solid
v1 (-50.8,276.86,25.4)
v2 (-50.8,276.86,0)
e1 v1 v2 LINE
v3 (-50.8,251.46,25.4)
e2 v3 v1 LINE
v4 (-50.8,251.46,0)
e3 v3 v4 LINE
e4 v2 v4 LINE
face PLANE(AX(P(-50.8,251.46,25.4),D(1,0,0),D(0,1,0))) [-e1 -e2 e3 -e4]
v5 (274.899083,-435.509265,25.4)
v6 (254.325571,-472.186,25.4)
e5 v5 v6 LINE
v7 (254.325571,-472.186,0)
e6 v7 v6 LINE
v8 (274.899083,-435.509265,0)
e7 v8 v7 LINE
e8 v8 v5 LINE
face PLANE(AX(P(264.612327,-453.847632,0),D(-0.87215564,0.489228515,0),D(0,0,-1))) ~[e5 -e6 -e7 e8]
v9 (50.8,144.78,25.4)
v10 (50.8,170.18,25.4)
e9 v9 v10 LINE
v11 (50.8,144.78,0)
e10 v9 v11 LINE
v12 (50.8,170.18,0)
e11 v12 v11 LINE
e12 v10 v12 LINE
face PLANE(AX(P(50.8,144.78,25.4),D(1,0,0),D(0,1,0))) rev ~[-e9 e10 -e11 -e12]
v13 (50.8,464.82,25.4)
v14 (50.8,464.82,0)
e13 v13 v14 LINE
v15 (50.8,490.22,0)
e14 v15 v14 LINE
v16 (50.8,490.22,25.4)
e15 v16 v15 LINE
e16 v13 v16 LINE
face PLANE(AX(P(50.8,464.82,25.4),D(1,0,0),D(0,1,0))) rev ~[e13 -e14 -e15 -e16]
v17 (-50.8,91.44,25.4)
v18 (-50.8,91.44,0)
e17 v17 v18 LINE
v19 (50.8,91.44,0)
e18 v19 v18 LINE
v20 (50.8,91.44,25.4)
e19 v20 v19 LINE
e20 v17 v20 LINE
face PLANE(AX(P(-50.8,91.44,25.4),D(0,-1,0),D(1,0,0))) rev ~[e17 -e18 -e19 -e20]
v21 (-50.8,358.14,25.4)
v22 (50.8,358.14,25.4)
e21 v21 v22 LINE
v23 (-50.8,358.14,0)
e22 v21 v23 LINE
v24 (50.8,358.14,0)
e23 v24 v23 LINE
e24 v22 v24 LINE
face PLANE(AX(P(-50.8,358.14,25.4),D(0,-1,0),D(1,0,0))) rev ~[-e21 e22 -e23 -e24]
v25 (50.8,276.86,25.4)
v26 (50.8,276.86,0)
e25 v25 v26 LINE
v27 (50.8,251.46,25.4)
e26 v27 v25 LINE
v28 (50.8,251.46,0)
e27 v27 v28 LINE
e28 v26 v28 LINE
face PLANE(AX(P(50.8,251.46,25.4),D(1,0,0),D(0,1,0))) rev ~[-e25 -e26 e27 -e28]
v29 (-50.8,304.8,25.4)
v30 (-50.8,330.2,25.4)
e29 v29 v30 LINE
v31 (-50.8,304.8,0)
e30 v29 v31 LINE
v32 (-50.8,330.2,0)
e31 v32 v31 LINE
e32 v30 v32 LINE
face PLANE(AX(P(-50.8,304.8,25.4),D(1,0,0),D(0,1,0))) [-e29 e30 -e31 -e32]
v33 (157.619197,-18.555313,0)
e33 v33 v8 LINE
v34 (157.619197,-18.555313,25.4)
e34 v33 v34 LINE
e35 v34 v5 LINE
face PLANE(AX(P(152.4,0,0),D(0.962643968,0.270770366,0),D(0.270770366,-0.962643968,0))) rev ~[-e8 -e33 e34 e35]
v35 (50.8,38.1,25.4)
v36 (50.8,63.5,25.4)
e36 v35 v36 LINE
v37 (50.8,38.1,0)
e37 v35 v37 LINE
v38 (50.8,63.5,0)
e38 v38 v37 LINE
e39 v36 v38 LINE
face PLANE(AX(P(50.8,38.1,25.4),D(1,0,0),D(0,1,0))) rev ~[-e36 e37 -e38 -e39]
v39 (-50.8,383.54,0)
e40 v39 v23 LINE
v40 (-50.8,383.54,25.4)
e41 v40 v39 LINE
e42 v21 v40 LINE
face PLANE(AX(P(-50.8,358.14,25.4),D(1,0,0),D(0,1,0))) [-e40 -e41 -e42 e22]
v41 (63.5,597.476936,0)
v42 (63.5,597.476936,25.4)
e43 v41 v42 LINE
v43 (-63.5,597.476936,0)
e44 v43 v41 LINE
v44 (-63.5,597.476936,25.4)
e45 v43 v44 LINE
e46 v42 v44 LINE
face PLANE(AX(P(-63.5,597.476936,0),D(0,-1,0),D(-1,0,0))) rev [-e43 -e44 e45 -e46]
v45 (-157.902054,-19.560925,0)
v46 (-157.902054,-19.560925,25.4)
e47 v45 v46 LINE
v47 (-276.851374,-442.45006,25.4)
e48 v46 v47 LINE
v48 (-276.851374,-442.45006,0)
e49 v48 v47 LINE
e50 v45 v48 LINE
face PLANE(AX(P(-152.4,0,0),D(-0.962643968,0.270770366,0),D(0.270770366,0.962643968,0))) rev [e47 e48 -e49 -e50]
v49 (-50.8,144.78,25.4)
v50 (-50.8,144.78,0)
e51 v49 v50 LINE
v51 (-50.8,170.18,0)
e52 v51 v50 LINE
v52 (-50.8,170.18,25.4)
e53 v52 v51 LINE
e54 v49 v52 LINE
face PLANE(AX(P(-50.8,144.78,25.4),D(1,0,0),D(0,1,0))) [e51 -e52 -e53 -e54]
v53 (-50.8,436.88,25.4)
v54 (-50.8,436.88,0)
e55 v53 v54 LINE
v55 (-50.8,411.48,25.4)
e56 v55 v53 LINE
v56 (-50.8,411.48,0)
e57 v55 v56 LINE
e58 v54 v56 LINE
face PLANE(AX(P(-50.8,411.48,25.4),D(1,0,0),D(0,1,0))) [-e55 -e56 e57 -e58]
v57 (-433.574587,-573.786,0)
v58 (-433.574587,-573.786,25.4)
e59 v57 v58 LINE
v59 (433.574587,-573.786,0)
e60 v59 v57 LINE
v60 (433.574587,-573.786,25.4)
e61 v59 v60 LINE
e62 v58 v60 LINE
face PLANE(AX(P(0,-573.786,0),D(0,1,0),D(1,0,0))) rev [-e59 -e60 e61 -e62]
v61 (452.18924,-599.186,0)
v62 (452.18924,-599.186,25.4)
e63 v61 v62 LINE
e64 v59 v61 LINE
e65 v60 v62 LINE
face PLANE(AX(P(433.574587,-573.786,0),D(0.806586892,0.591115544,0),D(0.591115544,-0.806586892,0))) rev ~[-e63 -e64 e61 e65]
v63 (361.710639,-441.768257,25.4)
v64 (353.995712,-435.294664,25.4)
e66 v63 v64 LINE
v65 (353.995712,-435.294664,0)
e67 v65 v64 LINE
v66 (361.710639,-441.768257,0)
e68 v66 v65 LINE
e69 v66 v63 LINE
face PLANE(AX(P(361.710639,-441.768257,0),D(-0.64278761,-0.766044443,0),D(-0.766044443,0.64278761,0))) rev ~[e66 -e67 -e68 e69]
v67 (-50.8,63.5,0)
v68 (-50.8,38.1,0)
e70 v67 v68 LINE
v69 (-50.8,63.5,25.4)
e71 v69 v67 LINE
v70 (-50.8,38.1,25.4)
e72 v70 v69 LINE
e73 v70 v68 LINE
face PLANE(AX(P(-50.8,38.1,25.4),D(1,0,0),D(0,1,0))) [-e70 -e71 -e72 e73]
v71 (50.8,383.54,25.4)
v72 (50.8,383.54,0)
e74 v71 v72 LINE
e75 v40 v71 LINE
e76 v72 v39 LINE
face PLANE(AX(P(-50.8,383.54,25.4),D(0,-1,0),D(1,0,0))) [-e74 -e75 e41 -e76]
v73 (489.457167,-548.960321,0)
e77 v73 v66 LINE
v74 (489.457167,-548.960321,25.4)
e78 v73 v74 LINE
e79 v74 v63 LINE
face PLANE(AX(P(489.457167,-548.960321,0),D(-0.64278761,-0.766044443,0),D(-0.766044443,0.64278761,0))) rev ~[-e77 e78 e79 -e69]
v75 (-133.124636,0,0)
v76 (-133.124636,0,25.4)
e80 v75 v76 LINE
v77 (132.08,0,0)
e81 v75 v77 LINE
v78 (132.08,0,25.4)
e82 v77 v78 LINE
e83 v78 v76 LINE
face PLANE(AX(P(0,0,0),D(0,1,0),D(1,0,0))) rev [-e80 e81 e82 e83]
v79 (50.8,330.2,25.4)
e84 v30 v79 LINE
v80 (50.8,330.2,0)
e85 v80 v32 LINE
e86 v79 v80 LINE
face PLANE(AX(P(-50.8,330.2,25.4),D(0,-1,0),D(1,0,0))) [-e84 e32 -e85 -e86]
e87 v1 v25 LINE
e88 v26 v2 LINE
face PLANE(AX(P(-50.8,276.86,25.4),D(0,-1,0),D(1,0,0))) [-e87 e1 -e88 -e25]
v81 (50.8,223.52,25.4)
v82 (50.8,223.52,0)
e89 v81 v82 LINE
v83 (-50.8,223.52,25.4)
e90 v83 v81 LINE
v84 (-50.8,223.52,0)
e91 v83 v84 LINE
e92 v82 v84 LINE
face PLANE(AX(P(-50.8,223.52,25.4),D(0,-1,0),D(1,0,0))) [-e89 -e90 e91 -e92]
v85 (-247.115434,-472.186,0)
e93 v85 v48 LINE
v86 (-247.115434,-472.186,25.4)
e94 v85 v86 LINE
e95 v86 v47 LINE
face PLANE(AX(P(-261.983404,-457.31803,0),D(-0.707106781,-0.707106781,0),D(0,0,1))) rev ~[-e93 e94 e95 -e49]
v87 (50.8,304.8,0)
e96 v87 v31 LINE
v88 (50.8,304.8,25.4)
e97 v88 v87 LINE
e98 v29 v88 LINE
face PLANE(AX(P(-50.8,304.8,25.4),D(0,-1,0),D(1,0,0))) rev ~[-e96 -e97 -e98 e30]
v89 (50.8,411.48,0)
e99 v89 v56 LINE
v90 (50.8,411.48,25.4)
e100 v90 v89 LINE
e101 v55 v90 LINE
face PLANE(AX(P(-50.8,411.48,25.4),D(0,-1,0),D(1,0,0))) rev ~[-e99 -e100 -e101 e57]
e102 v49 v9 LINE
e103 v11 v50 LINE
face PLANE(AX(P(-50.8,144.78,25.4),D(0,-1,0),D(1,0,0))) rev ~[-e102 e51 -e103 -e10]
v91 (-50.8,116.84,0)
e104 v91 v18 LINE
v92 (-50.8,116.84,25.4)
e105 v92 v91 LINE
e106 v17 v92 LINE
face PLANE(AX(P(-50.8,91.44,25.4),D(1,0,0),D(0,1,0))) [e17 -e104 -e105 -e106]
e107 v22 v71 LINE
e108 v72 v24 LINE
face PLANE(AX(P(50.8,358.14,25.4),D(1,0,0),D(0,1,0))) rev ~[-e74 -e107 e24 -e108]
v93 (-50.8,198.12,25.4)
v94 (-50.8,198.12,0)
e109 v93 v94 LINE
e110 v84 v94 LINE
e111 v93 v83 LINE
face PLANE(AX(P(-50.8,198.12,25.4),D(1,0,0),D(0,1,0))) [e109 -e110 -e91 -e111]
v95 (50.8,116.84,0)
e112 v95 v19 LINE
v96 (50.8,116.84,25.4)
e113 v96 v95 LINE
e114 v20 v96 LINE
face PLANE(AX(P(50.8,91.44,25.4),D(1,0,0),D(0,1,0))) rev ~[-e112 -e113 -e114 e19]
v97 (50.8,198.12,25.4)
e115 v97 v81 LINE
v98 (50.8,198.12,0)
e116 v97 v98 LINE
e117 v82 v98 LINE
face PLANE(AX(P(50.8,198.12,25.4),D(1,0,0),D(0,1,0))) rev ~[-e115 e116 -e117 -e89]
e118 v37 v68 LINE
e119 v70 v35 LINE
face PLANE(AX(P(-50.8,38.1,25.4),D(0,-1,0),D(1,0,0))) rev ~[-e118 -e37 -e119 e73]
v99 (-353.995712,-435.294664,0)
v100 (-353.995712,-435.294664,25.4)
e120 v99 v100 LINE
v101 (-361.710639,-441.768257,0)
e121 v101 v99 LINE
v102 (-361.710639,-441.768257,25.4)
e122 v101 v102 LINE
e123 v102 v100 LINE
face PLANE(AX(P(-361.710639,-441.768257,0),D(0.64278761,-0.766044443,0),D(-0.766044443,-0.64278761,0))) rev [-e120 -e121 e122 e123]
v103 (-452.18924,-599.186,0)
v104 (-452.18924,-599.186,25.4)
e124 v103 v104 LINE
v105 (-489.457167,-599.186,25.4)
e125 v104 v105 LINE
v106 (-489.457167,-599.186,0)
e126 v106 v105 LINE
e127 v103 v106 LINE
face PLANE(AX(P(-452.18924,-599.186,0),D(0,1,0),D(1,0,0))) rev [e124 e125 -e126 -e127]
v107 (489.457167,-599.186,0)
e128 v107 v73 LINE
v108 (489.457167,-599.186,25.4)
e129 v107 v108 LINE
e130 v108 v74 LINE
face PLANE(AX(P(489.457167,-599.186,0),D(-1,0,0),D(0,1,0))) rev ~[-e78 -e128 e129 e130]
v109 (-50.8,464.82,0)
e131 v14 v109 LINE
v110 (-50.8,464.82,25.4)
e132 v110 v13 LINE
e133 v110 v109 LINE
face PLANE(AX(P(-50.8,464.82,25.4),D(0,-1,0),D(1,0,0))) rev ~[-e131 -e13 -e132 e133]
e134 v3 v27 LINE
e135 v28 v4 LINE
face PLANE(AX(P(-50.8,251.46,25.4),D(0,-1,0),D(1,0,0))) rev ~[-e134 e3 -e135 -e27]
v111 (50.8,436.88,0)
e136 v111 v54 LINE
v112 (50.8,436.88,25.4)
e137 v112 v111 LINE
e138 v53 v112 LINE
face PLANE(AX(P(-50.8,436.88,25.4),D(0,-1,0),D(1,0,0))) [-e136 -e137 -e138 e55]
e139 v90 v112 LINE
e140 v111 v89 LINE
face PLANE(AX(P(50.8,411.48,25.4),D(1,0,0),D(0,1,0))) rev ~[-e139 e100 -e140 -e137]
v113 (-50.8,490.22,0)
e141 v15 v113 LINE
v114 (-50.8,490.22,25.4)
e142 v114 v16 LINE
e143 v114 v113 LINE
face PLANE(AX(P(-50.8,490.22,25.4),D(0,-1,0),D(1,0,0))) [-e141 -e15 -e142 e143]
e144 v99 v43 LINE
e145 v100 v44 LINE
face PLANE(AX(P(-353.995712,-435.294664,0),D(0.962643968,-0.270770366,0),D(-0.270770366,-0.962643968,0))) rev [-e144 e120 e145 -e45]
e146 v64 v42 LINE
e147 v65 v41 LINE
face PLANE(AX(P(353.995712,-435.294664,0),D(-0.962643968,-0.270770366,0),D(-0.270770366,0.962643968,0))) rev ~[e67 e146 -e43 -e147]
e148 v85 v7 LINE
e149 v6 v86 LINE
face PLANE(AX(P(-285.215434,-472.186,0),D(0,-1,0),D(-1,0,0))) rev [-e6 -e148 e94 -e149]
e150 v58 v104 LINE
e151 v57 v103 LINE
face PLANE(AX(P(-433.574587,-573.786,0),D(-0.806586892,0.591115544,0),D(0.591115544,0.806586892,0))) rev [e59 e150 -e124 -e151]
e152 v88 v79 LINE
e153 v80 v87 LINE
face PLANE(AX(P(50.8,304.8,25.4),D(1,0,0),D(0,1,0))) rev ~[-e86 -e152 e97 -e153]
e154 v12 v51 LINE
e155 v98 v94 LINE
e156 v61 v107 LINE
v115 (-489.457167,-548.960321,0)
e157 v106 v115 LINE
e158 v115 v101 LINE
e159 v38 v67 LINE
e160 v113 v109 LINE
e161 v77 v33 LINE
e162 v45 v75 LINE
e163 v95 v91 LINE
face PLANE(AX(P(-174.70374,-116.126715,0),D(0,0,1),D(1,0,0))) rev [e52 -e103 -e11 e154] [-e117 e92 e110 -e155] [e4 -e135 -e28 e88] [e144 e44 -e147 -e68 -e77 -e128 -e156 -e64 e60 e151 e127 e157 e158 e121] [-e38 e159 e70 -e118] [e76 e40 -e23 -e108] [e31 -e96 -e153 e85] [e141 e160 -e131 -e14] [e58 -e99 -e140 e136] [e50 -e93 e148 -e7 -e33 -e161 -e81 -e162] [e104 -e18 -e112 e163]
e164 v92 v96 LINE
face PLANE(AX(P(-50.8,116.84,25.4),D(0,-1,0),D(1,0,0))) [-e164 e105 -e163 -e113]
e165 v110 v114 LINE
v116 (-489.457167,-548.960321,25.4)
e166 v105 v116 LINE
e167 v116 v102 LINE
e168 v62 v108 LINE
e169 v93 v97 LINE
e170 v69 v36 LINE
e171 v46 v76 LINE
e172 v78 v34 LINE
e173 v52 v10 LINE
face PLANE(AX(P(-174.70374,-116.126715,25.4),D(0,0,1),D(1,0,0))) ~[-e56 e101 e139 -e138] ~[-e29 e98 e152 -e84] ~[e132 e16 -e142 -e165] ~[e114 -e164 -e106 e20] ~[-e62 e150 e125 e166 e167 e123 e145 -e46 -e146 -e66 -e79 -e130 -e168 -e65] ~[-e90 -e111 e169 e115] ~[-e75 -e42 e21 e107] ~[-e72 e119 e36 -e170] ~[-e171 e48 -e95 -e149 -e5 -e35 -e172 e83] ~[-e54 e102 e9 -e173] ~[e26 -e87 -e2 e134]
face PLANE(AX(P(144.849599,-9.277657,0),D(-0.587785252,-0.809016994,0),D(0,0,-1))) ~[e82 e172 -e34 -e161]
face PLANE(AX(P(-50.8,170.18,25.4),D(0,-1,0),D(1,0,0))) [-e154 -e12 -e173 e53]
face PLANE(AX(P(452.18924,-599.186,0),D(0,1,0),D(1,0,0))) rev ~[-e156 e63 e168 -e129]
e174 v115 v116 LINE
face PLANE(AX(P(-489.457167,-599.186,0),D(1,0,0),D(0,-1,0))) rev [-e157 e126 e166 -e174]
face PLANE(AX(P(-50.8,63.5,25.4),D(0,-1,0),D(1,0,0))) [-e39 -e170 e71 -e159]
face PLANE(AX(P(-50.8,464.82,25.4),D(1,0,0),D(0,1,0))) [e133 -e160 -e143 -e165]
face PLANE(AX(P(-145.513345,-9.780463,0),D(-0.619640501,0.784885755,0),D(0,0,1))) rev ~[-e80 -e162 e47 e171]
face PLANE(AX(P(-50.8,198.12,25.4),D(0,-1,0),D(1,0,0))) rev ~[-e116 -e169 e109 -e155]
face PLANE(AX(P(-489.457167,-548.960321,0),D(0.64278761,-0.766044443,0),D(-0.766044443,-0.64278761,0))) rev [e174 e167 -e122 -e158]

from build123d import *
from OCP.BRepFilletAPI import BRepFilletAPI_MakeChamfer

# Parameters (mm, degrees)
BOSS_EXTRUDE1_DEPTH = 25.4
CHAMFER1_SIZE       = 38.1
CHAMFER1_SIZE2      = 30.889863159
CHAMFER2_SIZE       = 20.32
CHAMFER2_SIZE2      = 19.275364183
SKETCH2_W           = 101.6
SKETCH2_H           = 25.4
CUT_EXTRUDE2_DEPTH  = 775.10421823
LPATTERN1_COUNT     = 2
LPATTERN1_PITCH     = 106.68


with BuildPart() as part:
    # Sketch1 → Boss-Extrude1 (new body)
    with BuildSketch(Plane.XY):
        Polygon((0, 597.4769356), (0, 0), (152.4, 0), (285.215433829, -472.186), (0, -472.186), (0, -573.786), (415.976251613, -573.786), (433.57458701, -573.786), (452.189239648, -599.186), (469.838640091, -599.186), (489.457166752, -599.186), (489.457166752, -548.960321271), (361.710639116, -441.768257047), (353.995711594, -435.294664209), (63.5, 597.4769356), align=None)
    boss_extrude1 = extrude(amount=BOSS_EXTRUDE1_DEPTH)

    # Mirror1: Boss-Extrude1 across plane
    add(boss_extrude1.mirror(Plane(origin=(0, 0, 25.4), x_dir=(0, 0, 1), z_dir=(1, 0, 0))))

    # Chamfer1: one chamfer whose edges measure the first distance from different faces: ONE call of the kernel's chamfer builder (chamfer() names one face for all edges)
    chamfer1_edges_1 = [part.edges().sort_by_distance(p)[0] for p in [
        (285.215433829, -472.186, 12.7),
    ]]
    chamfer1_side_1 = [part.faces().sort_by_distance(p)[0] for p in [
        (218.807716914, -236.093, 12.7),
    ]]
    chamfer1_edges_2 = [part.edges().sort_by_distance(p)[0] for p in [
        (-285.215433829, -472.186, 12.7),
    ]]
    chamfer1_side_2 = [part.faces().sort_by_distance(p)[0] for p in [
        (0, -472.186, 12.7),
    ]]
    chamfer1 = BRepFilletAPI_MakeChamfer(part.part.solid().wrapped)
    for e in chamfer1_edges_1:
        chamfer1.Add(CHAMFER1_SIZE, CHAMFER1_SIZE2, e.wrapped, chamfer1_side_1[0].wrapped)  # the first distance lies on this face
    for e in chamfer1_edges_2:
        chamfer1.Add(CHAMFER1_SIZE, CHAMFER1_SIZE2, e.wrapped, chamfer1_side_2[0].wrapped)  # the first distance lies on this face
    add(Compound.cast(chamfer1.Shape()), mode=Mode.REPLACE)

    # Chamfer2: one chamfer whose edges measure the first distance from different faces: ONE call of the kernel's chamfer builder (chamfer() names one face for all edges)
    chamfer2_edges_1 = [part.edges().sort_by_distance(p)[0] for p in [
        (152.4, 0, 12.7),
    ]]
    chamfer2_side_1 = [part.faces().sort_by_distance(p)[0] for p in [
        (0, 0, 12.7),
    ]]
    chamfer2_edges_2 = [part.edges().sort_by_distance(p)[0] for p in [
        (-152.4, 0, 12.7),
    ]]
    chamfer2_side_2 = [part.faces().sort_by_distance(p)[0] for p in [
        (-214.625687132, -221.225029782, 12.7),
    ]]
    chamfer2 = BRepFilletAPI_MakeChamfer(part.part.solid().wrapped)
    for e in chamfer2_edges_1:
        chamfer2.Add(CHAMFER2_SIZE, CHAMFER2_SIZE2, e.wrapped, chamfer2_side_1[0].wrapped)  # the first distance lies on this face
    for e in chamfer2_edges_2:
        chamfer2.Add(CHAMFER2_SIZE, CHAMFER2_SIZE2, e.wrapped, chamfer2_side_2[0].wrapped)  # the first distance lies on this face
    add(Compound.cast(chamfer2.Shape()), mode=Mode.REPLACE)

    # Sketch2 → Cut-Extrude2 (cut, through all)
    with BuildSketch(Plane.XY.offset(25.4)):
        with Locations((0, 50.8)):
            Rectangle(SKETCH2_W, SKETCH2_H)
        with Locations((0, 104.14)):
            Rectangle(SKETCH2_W, SKETCH2_H)
        with Locations((0, 157.48)):
            Rectangle(SKETCH2_W, SKETCH2_H)
        with Locations((0, 210.82)):
            Rectangle(SKETCH2_W, SKETCH2_H)
        with Locations((0, 264.16)):
            Rectangle(SKETCH2_W, SKETCH2_H)
        with Locations((0, 317.5)):
            Rectangle(SKETCH2_W, SKETCH2_H)
        with Locations((0, 370.84)):
            Rectangle(SKETCH2_W, SKETCH2_H)
    cut_extrude2 = extrude(amount=-CUT_EXTRUDE2_DEPTH, mode=Mode.SUBTRACT)

    # LPattern1: Cut-Extrude2 ×2
    with Locations(*[(0, i * LPATTERN1_PITCH, 0) for i in range(1, LPATTERN1_COUNT)]):
        add(cut_extrude2, mode=Mode.SUBTRACT)


solid = part.part
